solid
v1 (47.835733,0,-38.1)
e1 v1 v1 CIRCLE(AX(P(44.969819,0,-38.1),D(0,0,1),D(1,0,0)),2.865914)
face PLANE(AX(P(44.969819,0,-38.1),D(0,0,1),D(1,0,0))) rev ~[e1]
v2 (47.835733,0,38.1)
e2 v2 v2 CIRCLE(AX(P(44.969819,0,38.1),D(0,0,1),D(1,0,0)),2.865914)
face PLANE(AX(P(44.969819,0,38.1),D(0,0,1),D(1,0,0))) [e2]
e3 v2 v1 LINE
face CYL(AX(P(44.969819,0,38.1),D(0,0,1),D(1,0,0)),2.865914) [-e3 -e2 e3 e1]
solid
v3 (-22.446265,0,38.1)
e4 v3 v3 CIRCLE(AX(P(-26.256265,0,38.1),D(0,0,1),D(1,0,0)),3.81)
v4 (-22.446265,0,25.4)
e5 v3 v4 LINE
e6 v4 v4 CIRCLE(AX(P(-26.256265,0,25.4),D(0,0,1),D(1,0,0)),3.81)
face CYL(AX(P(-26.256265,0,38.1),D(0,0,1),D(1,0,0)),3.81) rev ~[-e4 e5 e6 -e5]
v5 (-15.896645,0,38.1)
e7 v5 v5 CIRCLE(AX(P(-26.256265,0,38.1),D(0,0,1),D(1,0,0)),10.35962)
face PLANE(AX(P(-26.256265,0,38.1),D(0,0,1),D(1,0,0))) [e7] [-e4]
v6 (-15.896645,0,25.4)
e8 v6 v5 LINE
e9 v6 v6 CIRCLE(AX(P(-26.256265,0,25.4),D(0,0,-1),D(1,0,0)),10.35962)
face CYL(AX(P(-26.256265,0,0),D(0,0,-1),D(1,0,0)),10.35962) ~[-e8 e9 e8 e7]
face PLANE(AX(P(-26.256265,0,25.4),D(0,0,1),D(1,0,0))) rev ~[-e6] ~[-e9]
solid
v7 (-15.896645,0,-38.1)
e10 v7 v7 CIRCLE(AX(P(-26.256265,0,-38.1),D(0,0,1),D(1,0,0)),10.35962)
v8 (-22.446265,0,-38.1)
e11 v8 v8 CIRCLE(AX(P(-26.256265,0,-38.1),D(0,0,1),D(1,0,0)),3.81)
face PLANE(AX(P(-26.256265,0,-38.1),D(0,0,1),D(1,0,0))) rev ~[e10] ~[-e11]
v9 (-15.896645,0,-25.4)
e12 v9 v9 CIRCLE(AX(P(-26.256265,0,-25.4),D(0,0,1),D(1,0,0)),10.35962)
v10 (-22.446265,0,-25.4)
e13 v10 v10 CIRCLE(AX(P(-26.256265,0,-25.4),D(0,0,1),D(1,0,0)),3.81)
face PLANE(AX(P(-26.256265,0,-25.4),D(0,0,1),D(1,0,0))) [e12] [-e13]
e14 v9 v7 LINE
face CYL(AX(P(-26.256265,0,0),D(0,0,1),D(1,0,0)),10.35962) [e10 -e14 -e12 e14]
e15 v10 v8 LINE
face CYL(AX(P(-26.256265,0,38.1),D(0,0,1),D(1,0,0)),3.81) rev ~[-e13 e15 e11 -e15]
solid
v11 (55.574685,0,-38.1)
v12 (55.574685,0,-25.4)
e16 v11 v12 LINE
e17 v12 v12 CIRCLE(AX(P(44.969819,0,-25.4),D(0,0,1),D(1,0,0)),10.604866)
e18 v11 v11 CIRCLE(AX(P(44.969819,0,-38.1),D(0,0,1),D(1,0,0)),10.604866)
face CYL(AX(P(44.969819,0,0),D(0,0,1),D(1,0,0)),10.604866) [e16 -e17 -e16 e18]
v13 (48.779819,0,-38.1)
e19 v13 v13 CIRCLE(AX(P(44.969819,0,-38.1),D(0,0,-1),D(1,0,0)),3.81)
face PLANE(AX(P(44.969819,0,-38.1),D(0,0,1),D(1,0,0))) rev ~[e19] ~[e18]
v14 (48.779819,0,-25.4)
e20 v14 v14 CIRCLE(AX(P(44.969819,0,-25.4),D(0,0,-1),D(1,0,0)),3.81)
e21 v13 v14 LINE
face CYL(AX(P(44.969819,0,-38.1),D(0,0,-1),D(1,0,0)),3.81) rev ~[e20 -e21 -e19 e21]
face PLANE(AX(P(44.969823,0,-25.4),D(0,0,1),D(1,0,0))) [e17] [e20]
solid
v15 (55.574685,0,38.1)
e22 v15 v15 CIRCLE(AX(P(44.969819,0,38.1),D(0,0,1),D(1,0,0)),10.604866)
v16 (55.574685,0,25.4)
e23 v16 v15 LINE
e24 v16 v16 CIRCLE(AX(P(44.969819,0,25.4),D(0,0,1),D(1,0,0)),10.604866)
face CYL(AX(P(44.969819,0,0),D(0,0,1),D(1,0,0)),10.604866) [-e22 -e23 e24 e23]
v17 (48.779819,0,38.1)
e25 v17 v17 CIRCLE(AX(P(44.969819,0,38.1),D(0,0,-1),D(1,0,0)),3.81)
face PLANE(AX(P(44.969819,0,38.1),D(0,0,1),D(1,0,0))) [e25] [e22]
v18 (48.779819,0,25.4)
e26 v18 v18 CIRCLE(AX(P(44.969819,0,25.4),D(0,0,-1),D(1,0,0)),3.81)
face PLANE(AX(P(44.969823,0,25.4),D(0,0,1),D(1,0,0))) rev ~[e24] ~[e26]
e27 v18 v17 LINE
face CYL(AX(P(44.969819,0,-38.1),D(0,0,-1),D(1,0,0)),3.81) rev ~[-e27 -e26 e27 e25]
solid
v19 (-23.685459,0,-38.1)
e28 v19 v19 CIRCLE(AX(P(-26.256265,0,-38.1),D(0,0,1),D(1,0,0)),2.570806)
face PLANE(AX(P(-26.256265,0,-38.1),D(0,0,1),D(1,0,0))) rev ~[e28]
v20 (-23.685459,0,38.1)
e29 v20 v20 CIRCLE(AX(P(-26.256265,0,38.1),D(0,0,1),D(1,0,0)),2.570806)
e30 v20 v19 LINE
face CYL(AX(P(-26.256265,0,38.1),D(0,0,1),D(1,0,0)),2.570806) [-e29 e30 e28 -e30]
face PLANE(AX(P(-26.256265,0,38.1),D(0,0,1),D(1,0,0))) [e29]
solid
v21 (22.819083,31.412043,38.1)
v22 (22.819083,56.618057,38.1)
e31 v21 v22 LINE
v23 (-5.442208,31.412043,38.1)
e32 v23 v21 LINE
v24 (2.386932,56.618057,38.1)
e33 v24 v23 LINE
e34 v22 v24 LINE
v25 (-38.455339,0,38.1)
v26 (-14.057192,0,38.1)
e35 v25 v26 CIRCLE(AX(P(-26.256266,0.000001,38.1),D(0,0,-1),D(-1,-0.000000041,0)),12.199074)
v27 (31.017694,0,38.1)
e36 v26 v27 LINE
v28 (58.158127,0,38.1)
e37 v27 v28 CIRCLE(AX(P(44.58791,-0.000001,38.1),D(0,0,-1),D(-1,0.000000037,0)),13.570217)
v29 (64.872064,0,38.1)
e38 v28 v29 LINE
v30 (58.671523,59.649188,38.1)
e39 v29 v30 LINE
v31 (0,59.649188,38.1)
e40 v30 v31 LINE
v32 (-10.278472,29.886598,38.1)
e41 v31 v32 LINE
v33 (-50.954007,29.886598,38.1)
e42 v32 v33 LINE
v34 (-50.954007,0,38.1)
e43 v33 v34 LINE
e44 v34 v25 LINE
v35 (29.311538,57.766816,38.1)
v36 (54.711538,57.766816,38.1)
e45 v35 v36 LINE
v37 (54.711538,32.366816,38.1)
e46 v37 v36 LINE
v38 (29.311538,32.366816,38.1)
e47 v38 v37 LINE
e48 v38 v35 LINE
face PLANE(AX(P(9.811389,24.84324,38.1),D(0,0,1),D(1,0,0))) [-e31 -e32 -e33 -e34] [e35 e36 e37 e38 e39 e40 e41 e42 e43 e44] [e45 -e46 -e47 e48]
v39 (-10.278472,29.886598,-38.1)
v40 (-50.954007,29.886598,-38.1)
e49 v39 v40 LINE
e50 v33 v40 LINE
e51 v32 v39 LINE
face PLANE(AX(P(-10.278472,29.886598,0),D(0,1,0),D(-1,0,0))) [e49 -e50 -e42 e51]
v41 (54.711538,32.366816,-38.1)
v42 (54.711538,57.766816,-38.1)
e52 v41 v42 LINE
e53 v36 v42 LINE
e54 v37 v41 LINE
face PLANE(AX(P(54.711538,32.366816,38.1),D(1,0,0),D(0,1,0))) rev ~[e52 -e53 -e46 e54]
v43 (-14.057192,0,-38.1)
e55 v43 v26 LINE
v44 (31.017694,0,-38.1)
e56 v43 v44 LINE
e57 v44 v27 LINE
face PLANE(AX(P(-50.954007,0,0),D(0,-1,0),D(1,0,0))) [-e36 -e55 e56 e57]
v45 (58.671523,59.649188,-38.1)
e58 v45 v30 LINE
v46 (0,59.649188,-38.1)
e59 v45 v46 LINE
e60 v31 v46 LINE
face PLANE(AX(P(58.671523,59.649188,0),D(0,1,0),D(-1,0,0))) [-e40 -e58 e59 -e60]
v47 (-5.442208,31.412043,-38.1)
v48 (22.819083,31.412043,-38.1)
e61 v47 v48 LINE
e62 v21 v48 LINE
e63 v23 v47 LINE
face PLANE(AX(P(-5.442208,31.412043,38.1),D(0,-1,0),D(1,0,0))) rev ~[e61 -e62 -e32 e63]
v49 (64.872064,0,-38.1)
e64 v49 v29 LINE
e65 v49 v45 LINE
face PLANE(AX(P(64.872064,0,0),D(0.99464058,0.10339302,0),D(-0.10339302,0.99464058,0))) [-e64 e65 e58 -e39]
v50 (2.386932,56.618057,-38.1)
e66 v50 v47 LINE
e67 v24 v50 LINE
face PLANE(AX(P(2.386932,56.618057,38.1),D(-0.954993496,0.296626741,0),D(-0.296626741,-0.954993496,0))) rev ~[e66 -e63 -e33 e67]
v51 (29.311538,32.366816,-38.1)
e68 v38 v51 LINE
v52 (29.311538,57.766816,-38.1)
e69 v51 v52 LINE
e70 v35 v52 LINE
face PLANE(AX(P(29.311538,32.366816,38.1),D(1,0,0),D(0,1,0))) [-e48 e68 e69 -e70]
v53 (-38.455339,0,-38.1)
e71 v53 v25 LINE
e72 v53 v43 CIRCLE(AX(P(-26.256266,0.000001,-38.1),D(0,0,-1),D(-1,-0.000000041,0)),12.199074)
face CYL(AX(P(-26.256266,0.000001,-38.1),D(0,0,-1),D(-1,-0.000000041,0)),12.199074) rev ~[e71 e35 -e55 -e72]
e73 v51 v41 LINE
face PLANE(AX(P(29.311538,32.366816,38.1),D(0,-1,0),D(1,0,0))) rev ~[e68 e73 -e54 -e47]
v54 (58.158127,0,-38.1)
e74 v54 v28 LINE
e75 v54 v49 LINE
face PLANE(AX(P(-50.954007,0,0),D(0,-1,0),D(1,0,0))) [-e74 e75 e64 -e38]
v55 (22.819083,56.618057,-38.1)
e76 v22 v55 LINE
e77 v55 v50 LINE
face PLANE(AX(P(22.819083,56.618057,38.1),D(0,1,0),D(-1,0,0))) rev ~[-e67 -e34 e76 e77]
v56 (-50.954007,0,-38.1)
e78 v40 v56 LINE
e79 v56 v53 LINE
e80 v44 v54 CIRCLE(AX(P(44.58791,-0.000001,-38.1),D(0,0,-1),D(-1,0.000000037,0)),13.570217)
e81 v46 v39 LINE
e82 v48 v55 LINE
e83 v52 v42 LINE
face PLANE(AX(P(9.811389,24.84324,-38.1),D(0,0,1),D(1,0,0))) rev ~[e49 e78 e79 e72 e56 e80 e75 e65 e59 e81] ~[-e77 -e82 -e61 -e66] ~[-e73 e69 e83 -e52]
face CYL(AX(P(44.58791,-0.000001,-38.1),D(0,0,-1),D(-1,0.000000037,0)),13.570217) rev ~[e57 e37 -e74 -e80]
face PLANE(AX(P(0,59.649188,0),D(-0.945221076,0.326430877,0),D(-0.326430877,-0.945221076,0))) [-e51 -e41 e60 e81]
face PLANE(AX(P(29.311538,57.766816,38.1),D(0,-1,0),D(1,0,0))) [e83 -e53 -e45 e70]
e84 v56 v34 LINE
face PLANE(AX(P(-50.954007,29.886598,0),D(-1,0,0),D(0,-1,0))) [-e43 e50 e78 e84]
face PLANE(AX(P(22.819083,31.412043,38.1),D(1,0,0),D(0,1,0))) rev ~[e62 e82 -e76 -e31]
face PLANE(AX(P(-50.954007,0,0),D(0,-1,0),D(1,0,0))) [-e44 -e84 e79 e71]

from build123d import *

# Parameters (mm, degrees)
F1_DEPTH  = 38.1
F3_DEPTH  = 101.6
F5_DEPTH  = 101.6
F6_R      = 10.35962
F6_R_2    = 10.604866
F7_DEPTH  = 38.1
F8_R      = 3.81
F9_R      = 3.81
F10_DEPTH = 101.6
F11_R     = 3.81
F12_DEPTH = 76.2
F16_DEPTH = 76.2
F17_W     = 25.4
F17_H     = 25.4
F18_DEPTH = 76.2
F19_R     = 10.554888
F20_DEPTH = 25.4
F21_R     = 11.44653
F22_DEPTH = 25.4
F13_R     = 2.570806
F14_R     = 2.865914
F23_DEPTH = 76.2


with BuildPart() as f1:
    # F0 (on Top) → F1 (new body, symmetric)
    with BuildSketch(Plane.XY):
        Polygon((-50.954007, 29.886598), (-50.954007, 0), (64.872064, 0), (58.671523, 59.649188), (0, 59.649188), (-10.278472, 29.886598), align=None)
    extrude(amount=F1_DEPTH, both=True)

    # F2 (on face) → F3 (cut)
    with BuildSketch(Plane(origin=(0, 0, -38.1), x_dir=(1, 0, 0), z_dir=(0, 0, -1))):
        with BuildLine():
            Line((-38.455339, 0), (-14.057192, 0))
            ThreePointArc((-14.057192, 0), (-26.256265, 12.199074), (-38.455339, 0))
        make_face()
        with BuildLine():
            ThreePointArc((-38.455339, 0), (-26.256265, -12.199074), (-14.057192, 0))
            Line((-14.057192, 0), (-38.455339, 0))
        make_face()
    extrude(amount=-F3_DEPTH, mode=Mode.SUBTRACT)

    # F4 (on face) → F5 (cut)
    with BuildSketch(Plane(origin=(0, 0, -38.1), x_dir=(1, 0, 0), z_dir=(0, 0, -1))):
        with BuildLine():
            ThreePointArc((31.017694, 0), (44.58791, -13.570216), (58.158127, 0))
            Line((58.158127, 0), (31.017694, 0))
        make_face()
        with BuildLine():
            Line((31.017694, 0), (58.158127, 0))
            ThreePointArc((58.158127, 0), (44.58791, 13.570216), (31.017694, 0))
        make_face()
    extrude(amount=-F5_DEPTH, mode=Mode.SUBTRACT)

    # F15 (on face) → F16 (cut)
    with BuildSketch(Plane.XY.offset(38.1)):
        Polygon((2.386932, 56.618057), (-5.442208, 31.412043), (0, 31.412043), (22.819083, 31.412043), (22.819083, 56.618057), align=None)
    extrude(amount=-F16_DEPTH, mode=Mode.SUBTRACT)

    # F17 (on face) → F18 (cut)
    with BuildSketch(Plane.XY.offset(38.1)):
        with Locations((42.011538, 45.066816)):
            Rectangle(F17_W, F17_H)
    extrude(amount=-F18_DEPTH, mode=Mode.SUBTRACT)


with BuildPart() as f7:
    # F6 (on Top) → F7 (new body, symmetric)
    with BuildSketch(Plane.XY):
        with Locations((-26.256265, 0)):
            Circle(F6_R)
        with Locations((44.969819, 0)):
            Circle(F6_R_2)
    extrude(amount=F7_DEPTH, both=True)

    # F8 (on face) + F9 (on face) → F10 (cut)
    with BuildSketch(Plane.XY.offset(38.1)):
        with Locations((-26.256265, 0)):
            Circle(F8_R)
    with BuildSketch(Plane(origin=(0, 0, -38.1), x_dir=(1, 0, 0), z_dir=(0, 0, -1))):
        with Locations((44.969819, 0)):
            Circle(F9_R)
    extrude(amount=-F10_DEPTH, mode=Mode.SUBTRACT)

    # F11 (on face) → F12 (cut)
    with BuildSketch(Plane.XY.offset(38.1)):
        with Locations((44.969819, 0)):
            Circle(F11_R)
    extrude(amount=-F12_DEPTH, mode=Mode.SUBTRACT)

    # F19 (on Top) → F20 (cut, symmetric)
    with BuildSketch(Plane.XY):
        with Locations((-26.256265, 0)):
            Circle(F19_R)
    extrude(amount=F20_DEPTH, both=True, mode=Mode.SUBTRACT)

    # F21 (on Top) → F22 (cut, symmetric)
    with BuildSketch(Plane.XY):
        with Locations((44.969823, 0)):
            Circle(F21_R)
    extrude(amount=F22_DEPTH, both=True, mode=Mode.SUBTRACT)


with BuildPart() as f23:
    # F13 (on face) + F14 (on face) → F23 (new body)
    with BuildSketch(Plane.XY.offset(38.1)):
        with Locations((-26.256265, 0)):
            Circle(F13_R)
    with BuildSketch(Plane.XY.offset(38.1)):
        with Locations((44.969819, 0)):
            Circle(F14_R)
    extrude(amount=-F23_DEPTH)


solid = Compound([f1.part, f7.part, f23.part])
